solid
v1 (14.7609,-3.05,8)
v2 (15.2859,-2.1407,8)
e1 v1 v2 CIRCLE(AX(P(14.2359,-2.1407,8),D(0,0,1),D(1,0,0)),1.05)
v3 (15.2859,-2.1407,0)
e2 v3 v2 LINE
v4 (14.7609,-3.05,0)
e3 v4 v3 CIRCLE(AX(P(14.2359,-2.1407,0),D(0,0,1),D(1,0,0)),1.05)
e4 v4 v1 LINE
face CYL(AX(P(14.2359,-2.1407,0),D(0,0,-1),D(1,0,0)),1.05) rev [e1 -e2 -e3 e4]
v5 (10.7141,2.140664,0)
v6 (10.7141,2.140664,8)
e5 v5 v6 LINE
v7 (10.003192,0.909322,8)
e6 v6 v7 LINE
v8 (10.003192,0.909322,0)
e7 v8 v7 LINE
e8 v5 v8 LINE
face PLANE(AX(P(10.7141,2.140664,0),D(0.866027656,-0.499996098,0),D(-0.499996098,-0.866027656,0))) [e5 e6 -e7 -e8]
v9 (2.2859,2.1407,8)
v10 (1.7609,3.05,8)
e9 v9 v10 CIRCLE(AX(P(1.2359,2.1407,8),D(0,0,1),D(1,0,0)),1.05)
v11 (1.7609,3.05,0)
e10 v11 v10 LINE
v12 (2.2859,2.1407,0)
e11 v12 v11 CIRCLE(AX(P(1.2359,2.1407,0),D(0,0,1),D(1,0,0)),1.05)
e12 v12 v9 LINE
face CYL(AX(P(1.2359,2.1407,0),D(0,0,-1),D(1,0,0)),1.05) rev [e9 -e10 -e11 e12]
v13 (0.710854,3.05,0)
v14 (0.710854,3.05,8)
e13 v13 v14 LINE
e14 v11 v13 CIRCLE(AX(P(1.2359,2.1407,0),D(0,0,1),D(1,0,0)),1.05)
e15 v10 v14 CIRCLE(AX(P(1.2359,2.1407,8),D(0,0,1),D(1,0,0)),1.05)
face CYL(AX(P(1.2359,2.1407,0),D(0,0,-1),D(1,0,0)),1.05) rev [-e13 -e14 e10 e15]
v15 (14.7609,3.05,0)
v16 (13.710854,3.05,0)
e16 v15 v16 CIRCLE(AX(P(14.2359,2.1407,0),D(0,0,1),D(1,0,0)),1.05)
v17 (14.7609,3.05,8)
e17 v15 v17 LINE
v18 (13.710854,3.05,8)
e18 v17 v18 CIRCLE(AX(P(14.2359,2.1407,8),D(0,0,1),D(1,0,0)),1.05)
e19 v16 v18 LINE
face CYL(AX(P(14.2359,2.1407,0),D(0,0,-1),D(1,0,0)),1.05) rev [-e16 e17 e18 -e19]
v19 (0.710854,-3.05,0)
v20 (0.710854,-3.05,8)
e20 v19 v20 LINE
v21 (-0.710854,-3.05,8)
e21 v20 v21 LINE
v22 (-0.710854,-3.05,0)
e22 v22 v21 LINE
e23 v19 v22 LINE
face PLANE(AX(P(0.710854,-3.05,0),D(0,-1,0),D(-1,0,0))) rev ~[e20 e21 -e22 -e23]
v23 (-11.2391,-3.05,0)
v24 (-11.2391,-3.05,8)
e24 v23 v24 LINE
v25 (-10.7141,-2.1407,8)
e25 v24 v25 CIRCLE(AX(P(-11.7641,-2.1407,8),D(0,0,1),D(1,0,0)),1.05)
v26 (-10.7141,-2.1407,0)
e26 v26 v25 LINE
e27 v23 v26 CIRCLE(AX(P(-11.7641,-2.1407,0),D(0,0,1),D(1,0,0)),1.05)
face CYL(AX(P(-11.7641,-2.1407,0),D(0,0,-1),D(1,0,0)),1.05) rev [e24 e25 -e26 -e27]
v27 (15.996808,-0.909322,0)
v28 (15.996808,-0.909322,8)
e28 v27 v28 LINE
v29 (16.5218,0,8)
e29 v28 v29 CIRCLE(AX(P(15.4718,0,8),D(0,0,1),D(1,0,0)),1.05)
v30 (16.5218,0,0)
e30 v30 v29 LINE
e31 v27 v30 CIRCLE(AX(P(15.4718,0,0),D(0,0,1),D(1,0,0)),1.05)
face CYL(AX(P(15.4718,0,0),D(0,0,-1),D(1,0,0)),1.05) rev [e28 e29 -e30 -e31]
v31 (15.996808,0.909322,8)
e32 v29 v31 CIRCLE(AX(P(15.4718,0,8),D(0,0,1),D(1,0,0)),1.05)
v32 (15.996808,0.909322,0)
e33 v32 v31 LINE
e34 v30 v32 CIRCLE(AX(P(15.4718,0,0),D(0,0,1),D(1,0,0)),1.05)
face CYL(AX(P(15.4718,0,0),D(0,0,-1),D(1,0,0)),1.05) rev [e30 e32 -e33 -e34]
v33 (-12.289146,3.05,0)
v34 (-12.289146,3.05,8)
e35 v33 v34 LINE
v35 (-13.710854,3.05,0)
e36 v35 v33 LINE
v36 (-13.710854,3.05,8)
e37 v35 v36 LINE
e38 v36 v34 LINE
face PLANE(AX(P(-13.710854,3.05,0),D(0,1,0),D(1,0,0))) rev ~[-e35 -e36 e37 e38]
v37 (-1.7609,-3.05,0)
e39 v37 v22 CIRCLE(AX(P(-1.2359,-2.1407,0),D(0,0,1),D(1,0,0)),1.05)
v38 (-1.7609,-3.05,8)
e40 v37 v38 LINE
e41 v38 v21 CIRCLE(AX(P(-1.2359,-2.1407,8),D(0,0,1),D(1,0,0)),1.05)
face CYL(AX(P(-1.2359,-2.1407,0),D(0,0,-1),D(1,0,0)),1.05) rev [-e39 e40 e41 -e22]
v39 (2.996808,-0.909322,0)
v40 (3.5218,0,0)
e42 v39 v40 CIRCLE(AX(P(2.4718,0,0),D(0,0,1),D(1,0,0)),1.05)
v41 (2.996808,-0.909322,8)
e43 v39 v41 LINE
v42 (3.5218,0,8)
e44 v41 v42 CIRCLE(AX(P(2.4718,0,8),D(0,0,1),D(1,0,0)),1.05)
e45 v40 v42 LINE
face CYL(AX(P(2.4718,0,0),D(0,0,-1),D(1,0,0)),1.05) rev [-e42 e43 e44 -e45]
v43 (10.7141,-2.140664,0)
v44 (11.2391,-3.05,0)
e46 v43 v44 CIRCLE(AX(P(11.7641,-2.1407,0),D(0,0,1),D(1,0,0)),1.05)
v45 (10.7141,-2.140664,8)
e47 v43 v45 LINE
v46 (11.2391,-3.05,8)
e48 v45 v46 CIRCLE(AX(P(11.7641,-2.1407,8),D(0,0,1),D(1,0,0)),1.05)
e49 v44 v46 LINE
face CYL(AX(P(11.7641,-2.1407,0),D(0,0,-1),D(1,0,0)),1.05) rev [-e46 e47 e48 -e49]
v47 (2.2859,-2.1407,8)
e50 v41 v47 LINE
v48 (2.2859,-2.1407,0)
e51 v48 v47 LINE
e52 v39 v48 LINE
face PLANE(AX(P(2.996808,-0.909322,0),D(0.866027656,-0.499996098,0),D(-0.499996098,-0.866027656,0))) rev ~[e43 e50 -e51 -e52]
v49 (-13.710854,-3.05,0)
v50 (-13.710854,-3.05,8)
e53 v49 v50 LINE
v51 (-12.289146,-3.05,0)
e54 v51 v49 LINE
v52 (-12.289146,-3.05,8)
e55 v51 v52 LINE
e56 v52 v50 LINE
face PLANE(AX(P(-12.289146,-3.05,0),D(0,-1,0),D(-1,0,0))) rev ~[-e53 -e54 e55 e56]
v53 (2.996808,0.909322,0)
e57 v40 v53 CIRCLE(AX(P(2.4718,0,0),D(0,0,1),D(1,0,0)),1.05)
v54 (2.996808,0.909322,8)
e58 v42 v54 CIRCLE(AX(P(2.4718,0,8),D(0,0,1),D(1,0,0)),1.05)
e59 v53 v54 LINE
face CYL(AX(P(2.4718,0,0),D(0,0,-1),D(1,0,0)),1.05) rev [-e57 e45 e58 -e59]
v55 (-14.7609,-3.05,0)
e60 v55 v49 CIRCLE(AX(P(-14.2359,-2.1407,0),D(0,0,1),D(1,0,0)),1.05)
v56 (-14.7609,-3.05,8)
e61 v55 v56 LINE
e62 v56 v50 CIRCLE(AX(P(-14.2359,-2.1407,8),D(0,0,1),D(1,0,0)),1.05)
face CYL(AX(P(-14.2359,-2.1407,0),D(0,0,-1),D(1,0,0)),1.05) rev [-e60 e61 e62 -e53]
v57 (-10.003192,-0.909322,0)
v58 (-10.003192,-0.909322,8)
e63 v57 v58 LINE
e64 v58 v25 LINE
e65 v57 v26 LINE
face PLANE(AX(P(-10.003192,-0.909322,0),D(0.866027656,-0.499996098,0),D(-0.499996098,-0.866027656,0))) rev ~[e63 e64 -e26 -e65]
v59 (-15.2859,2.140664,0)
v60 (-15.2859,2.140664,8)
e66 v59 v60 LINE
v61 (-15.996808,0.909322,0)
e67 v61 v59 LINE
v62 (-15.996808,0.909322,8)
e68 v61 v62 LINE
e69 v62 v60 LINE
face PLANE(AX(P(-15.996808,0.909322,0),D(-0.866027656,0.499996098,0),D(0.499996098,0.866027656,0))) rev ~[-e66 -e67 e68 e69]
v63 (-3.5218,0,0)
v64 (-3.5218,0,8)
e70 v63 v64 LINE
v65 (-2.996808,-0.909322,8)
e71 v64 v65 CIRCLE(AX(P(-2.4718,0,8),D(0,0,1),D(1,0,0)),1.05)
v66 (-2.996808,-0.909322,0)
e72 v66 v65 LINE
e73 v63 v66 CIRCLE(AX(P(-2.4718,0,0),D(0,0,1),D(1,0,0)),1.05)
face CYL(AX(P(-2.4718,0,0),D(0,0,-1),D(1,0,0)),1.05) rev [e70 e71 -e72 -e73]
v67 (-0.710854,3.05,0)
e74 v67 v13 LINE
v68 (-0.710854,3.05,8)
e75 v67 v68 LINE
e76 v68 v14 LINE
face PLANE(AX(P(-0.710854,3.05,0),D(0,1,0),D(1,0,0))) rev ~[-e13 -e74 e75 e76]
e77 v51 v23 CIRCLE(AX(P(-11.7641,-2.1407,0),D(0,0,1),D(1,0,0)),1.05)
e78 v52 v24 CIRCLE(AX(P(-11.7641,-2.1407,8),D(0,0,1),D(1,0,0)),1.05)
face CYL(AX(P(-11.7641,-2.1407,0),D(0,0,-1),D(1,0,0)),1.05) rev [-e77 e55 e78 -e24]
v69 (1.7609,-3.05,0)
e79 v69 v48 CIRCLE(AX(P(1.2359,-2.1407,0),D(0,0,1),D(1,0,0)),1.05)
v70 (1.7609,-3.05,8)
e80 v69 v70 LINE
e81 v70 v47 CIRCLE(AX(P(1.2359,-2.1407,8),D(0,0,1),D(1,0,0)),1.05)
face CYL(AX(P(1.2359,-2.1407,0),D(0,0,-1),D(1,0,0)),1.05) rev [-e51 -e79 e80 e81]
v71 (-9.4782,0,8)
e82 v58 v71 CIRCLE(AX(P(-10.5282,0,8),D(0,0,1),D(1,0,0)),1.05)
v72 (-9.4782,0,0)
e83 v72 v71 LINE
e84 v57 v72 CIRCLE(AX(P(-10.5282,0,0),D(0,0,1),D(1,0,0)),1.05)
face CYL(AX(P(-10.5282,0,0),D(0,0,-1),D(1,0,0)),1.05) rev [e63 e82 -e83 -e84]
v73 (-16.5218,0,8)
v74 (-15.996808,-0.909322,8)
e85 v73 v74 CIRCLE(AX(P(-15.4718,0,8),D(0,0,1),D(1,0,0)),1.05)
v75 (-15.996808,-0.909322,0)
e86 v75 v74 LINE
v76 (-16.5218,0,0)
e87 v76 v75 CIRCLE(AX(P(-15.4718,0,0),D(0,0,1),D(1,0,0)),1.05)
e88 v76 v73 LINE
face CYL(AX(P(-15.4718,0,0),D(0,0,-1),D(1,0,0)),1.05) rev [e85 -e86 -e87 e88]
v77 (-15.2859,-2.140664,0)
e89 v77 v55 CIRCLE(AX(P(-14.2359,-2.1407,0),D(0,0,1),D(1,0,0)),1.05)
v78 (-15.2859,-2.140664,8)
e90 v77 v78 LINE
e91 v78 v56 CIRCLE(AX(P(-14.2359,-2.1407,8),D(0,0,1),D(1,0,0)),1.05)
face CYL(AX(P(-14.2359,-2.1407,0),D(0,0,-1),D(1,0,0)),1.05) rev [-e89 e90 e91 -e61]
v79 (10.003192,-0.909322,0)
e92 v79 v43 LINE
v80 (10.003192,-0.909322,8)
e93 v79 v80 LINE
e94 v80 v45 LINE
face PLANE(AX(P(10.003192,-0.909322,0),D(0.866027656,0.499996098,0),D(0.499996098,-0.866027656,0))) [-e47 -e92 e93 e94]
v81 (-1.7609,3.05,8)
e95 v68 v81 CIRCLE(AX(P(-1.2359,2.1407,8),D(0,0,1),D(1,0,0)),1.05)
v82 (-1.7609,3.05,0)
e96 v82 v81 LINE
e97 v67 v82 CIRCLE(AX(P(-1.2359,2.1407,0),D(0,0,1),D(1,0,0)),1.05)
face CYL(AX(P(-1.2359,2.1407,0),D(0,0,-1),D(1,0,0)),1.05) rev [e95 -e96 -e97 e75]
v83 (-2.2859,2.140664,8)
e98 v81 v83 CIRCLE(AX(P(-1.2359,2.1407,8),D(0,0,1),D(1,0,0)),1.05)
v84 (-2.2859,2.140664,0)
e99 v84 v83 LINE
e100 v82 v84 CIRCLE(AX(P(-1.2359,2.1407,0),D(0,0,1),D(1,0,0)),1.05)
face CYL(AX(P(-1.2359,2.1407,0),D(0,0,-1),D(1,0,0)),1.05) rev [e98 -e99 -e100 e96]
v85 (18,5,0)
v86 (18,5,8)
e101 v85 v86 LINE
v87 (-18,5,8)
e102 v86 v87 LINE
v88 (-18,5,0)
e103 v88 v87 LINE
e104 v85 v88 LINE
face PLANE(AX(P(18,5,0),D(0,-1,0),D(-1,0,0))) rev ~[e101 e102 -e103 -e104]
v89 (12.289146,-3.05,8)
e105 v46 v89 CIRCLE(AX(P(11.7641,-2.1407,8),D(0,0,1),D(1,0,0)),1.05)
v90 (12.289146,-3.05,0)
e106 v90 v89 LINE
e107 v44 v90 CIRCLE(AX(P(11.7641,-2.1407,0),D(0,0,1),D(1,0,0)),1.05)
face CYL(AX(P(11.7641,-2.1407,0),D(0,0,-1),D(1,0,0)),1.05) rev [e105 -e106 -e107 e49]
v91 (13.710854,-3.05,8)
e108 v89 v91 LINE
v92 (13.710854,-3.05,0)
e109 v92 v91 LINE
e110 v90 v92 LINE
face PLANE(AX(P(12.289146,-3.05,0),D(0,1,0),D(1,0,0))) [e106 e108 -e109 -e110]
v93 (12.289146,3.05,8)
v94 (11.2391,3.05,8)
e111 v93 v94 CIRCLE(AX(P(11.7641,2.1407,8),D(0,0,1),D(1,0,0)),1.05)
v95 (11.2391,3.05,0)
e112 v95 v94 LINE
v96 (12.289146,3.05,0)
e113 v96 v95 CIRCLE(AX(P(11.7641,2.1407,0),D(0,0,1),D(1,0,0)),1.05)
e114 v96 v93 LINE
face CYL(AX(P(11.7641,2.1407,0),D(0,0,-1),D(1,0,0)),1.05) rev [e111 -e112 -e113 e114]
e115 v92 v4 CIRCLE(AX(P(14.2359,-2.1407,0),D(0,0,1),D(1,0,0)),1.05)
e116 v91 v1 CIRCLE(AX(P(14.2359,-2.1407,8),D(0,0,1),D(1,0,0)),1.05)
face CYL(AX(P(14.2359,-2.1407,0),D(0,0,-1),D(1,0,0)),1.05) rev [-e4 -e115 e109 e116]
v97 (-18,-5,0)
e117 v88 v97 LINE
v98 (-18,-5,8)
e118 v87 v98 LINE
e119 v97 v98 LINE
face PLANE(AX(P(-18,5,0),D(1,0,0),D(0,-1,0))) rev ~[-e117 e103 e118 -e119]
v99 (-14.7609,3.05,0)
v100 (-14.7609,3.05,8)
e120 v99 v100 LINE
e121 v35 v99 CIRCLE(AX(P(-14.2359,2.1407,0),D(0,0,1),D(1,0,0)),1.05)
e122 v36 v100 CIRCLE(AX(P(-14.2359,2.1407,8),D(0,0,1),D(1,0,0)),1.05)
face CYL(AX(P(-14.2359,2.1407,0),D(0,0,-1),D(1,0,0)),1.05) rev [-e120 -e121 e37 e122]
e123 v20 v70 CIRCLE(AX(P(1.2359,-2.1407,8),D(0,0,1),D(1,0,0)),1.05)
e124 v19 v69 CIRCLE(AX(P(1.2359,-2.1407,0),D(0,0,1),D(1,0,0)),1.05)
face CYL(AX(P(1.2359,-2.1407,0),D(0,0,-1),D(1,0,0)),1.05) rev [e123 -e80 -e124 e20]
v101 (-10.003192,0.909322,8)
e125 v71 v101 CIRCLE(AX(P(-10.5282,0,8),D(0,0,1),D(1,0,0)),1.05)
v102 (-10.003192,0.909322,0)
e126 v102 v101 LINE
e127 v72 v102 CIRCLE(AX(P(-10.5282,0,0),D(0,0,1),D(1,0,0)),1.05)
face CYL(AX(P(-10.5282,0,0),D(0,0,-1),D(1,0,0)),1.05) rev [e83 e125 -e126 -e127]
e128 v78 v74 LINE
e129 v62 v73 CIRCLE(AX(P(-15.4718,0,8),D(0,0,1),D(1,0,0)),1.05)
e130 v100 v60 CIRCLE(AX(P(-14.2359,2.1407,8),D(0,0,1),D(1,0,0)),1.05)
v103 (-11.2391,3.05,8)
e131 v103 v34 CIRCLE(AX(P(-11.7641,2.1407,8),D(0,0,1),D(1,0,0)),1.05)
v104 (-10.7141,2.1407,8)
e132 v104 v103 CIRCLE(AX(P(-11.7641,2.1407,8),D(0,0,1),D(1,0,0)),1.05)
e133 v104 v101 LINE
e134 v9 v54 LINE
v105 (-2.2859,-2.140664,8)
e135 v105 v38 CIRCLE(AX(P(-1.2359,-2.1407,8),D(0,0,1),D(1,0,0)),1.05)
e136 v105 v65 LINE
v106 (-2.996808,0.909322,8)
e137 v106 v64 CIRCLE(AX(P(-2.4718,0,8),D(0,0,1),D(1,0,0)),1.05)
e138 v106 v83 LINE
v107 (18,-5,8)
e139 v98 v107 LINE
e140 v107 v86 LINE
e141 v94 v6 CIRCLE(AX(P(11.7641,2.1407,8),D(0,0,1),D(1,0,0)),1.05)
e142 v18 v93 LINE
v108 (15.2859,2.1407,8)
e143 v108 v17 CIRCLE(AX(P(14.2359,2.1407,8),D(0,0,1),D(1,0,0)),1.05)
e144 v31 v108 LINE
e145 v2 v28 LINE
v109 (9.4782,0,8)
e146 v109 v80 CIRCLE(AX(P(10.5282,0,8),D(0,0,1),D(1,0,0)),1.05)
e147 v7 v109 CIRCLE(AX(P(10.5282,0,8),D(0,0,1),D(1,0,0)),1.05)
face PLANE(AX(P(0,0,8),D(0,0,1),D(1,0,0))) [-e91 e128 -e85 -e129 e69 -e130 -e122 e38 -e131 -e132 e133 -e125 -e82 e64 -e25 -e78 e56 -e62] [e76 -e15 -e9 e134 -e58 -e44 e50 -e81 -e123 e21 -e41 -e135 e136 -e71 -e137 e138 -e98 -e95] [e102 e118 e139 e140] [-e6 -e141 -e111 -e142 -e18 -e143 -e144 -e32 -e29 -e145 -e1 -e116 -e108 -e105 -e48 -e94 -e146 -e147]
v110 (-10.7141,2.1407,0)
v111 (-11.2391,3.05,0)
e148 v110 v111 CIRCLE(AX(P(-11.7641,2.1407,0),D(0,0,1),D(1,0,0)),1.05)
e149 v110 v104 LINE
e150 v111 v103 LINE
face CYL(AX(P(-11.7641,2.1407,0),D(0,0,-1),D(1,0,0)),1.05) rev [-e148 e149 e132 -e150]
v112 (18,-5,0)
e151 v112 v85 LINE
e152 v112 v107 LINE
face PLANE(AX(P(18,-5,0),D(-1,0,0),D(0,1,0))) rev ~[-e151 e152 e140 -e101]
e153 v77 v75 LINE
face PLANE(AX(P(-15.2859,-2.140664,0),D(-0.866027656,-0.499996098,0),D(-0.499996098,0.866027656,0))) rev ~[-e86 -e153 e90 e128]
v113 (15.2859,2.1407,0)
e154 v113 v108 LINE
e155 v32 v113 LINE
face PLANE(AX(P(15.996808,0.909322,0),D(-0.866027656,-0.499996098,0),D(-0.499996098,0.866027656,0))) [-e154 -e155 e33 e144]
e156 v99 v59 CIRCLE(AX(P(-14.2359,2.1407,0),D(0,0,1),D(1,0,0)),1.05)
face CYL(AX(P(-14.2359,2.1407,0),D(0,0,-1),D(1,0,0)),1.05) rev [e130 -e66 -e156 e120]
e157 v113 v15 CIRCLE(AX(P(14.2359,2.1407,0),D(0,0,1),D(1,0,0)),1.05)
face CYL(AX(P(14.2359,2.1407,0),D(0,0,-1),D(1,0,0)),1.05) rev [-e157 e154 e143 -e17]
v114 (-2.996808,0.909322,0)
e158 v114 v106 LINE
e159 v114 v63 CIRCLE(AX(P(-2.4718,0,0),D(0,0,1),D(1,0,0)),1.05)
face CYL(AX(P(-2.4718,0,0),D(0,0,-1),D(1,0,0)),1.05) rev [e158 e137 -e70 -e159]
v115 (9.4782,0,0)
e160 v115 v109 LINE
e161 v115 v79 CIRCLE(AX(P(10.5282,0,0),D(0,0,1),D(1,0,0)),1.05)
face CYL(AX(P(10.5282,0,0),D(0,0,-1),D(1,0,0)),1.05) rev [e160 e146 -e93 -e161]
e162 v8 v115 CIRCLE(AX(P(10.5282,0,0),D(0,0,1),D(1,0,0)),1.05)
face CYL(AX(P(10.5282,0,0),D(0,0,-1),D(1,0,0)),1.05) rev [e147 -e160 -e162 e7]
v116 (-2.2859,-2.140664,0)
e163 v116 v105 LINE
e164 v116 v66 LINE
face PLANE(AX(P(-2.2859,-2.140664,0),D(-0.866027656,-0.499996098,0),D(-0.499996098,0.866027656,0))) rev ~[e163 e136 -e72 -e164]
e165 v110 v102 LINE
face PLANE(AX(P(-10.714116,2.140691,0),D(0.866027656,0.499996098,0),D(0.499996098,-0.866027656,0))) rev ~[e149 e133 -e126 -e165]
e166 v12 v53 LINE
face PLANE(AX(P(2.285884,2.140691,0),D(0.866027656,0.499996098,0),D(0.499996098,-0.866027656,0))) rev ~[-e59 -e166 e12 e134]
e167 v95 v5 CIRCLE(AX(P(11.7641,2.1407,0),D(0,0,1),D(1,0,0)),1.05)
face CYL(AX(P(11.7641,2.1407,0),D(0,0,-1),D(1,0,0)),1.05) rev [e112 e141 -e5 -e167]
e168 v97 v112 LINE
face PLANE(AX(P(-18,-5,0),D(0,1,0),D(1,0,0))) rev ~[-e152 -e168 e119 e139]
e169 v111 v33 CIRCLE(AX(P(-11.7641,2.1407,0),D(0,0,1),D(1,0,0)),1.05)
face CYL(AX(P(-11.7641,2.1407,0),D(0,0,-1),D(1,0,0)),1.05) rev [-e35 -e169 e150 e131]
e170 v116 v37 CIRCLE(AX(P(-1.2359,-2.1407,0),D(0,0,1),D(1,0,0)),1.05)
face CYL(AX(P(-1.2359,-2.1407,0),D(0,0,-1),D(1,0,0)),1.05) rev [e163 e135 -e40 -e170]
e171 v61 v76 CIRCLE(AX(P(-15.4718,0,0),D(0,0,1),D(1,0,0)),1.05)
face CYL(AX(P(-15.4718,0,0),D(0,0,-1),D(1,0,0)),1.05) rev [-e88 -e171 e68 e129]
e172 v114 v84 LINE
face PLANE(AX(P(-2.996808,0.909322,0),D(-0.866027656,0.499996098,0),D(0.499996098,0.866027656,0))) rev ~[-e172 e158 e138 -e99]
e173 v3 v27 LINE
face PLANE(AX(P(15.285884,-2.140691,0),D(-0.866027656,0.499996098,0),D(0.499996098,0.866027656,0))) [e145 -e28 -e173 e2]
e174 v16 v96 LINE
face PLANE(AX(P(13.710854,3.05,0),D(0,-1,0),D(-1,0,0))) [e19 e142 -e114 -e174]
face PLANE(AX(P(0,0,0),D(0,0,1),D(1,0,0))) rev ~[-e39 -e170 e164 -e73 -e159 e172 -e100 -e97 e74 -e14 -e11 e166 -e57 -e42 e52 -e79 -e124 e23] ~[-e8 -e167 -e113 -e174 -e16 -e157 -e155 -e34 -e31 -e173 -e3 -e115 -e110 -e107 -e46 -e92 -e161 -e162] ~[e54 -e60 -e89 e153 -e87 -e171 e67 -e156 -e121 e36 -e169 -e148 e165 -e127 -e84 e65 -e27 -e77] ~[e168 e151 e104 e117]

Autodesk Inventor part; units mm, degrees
ref_plane "YZ Plane" through (0, 0, 0) normal (1, 0, 0) x (0, 1, 0)
ref_plane "XZ Plane" through (0, 0, 0) normal (0, 1, 0) x (-1, 0, 0)
ref_plane "XY Plane" through (0, 0, 0) normal (0, 0, 1) x (1, 0, 0)
sketch "スケッチ1" plane through (0, 0, 0) normal (0, 0, 1) x (1, 0, 0)
  line L0 (-18, -5) -> (18, -5)
  line L1 (18, -5) -> (18, 5)
  line L2 (18, 5) -> (-18, 5)
  line L3 (-18, 5) -> (-18, -5)
  line L4 (-18, -5) -> (18, 5) construction
  line L5 (18, -5) -> (-18, 5) construction
  circle A0 centre (-13, 0) radius 1.55
  circle A1 centre (0, 0) radius 1.55
  line L6 (0, 0) -> (0, 5) construction
  line L7 (-12.5995, 5) -> (4.4005, 5) construction
  line L8 (-8.5, -4) -> (8.5, -4) construction
  line L9 (-11.2391, -3.05) -> (-14.7609, -3.05)
  line L10 (-14.7609, -3.05) -> (-16.5218, 0)
  line L11 (-16.5218, 0) -> (-14.7609, 3.05)
  line L12 (-14.7609, 3.05) -> (-11.2391, 3.05)
  line L13 (-11.2391, 3.05) -> (-9.4782, 0)
  line L14 (-9.4782, 0) -> (-11.2391, -3.05)
  circle A2 centre (-15.4718, 0) radius 1.05
  circle A3 centre (-14.2359, -2.1407) radius 1.05
  circle A4 centre (-11.7641, -2.1407) radius 1.05
  circle A5 centre (-10.5282, 0) radius 1.05
  circle A6 centre (-11.7641, 2.1407) radius 1.05
  circle A7 centre (-14.2359, 2.1407) radius 1.05
  circle A8 centre (13, 0) radius 1.55
  line L15 (11.2391, -3.05) -> (14.7609, -3.05)
  line L16 (14.7609, -3.05) -> (16.5218, 0)
  line L17 (16.5218, 0) -> (14.7609, 3.05)
  line L18 (14.7609, 3.05) -> (11.2391, 3.05)
  line L19 (11.2391, 3.05) -> (9.4782, 0)
  line L20 (9.4782, 0) -> (11.2391, -3.05)
  circle A9 centre (15.4718, 0) radius 1.05
  circle A10 centre (14.2359, -2.1407) radius 1.05
  circle A11 centre (11.7641, -2.1407) radius 1.05
  circle A12 centre (10.5282, 0) radius 1.05
  circle A13 centre (11.7641, 2.1407) radius 1.05
  circle A14 centre (14.2359, 2.1407) radius 1.05
  circle A15 centre (-13, 0) radius 5 construction
  line L21 (1.7609, -3.05) -> (-1.7609, -3.05)
  line L22 (-1.7609, -3.05) -> (-3.5218, 0)
  line L23 (-3.5218, 0) -> (-1.7609, 3.05)
  line L24 (-1.7609, 3.05) -> (1.7609, 3.05)
  line L25 (1.7609, 3.05) -> (3.5218, 0)
  line L26 (3.5218, 0) -> (1.7609, -3.05)
  circle A16 centre (-2.4718, 0) radius 1.05
  circle A17 centre (-1.2359, -2.1407) radius 1.05
  circle A18 centre (1.2359, -2.1407) radius 1.05
  circle A19 centre (2.4718, 0) radius 1.05
  circle A20 centre (1.2359, 2.1407) radius 1.05
  circle A21 centre (-1.2359, 2.1407) radius 1.05
  point P0 (-11.2391, -3.05)
  point P1 (-9.4782, 0)
  point P2 (-11.2391, 3.05)
  point P3 (-14.7609, 3.05)
  point P4 (11.2391, -3.05)
  point P5 (9.4782, 0)
  point P6 (11.2391, 3.05)
  point P7 (14.7609, 3.05)
  point P8 (-1.7609, -3.05)
  point P9 (1.7609, -3.05)
  point P10 (3.5218, 0)
  point P11 (1.7609, 3.05)
  point P12 (-1.7609, 3.05)
  dimension "d19" = 2.1
  dimension "d1" = 3.1
  dimension "d4" = 13
  dimension "d5" = 10
  dimension "d20" = 6.1
  dimension "d23" = 360
  dimension "d33" = 360
extrude "押し出し1" add sketch "スケッチ1" along normal blind 8
equation "\"d4\" = d0"
equation "\"d0\" = 13"
properties part number "胴体_サブフレーム_1_2" material "アセタール樹脂、黒"
